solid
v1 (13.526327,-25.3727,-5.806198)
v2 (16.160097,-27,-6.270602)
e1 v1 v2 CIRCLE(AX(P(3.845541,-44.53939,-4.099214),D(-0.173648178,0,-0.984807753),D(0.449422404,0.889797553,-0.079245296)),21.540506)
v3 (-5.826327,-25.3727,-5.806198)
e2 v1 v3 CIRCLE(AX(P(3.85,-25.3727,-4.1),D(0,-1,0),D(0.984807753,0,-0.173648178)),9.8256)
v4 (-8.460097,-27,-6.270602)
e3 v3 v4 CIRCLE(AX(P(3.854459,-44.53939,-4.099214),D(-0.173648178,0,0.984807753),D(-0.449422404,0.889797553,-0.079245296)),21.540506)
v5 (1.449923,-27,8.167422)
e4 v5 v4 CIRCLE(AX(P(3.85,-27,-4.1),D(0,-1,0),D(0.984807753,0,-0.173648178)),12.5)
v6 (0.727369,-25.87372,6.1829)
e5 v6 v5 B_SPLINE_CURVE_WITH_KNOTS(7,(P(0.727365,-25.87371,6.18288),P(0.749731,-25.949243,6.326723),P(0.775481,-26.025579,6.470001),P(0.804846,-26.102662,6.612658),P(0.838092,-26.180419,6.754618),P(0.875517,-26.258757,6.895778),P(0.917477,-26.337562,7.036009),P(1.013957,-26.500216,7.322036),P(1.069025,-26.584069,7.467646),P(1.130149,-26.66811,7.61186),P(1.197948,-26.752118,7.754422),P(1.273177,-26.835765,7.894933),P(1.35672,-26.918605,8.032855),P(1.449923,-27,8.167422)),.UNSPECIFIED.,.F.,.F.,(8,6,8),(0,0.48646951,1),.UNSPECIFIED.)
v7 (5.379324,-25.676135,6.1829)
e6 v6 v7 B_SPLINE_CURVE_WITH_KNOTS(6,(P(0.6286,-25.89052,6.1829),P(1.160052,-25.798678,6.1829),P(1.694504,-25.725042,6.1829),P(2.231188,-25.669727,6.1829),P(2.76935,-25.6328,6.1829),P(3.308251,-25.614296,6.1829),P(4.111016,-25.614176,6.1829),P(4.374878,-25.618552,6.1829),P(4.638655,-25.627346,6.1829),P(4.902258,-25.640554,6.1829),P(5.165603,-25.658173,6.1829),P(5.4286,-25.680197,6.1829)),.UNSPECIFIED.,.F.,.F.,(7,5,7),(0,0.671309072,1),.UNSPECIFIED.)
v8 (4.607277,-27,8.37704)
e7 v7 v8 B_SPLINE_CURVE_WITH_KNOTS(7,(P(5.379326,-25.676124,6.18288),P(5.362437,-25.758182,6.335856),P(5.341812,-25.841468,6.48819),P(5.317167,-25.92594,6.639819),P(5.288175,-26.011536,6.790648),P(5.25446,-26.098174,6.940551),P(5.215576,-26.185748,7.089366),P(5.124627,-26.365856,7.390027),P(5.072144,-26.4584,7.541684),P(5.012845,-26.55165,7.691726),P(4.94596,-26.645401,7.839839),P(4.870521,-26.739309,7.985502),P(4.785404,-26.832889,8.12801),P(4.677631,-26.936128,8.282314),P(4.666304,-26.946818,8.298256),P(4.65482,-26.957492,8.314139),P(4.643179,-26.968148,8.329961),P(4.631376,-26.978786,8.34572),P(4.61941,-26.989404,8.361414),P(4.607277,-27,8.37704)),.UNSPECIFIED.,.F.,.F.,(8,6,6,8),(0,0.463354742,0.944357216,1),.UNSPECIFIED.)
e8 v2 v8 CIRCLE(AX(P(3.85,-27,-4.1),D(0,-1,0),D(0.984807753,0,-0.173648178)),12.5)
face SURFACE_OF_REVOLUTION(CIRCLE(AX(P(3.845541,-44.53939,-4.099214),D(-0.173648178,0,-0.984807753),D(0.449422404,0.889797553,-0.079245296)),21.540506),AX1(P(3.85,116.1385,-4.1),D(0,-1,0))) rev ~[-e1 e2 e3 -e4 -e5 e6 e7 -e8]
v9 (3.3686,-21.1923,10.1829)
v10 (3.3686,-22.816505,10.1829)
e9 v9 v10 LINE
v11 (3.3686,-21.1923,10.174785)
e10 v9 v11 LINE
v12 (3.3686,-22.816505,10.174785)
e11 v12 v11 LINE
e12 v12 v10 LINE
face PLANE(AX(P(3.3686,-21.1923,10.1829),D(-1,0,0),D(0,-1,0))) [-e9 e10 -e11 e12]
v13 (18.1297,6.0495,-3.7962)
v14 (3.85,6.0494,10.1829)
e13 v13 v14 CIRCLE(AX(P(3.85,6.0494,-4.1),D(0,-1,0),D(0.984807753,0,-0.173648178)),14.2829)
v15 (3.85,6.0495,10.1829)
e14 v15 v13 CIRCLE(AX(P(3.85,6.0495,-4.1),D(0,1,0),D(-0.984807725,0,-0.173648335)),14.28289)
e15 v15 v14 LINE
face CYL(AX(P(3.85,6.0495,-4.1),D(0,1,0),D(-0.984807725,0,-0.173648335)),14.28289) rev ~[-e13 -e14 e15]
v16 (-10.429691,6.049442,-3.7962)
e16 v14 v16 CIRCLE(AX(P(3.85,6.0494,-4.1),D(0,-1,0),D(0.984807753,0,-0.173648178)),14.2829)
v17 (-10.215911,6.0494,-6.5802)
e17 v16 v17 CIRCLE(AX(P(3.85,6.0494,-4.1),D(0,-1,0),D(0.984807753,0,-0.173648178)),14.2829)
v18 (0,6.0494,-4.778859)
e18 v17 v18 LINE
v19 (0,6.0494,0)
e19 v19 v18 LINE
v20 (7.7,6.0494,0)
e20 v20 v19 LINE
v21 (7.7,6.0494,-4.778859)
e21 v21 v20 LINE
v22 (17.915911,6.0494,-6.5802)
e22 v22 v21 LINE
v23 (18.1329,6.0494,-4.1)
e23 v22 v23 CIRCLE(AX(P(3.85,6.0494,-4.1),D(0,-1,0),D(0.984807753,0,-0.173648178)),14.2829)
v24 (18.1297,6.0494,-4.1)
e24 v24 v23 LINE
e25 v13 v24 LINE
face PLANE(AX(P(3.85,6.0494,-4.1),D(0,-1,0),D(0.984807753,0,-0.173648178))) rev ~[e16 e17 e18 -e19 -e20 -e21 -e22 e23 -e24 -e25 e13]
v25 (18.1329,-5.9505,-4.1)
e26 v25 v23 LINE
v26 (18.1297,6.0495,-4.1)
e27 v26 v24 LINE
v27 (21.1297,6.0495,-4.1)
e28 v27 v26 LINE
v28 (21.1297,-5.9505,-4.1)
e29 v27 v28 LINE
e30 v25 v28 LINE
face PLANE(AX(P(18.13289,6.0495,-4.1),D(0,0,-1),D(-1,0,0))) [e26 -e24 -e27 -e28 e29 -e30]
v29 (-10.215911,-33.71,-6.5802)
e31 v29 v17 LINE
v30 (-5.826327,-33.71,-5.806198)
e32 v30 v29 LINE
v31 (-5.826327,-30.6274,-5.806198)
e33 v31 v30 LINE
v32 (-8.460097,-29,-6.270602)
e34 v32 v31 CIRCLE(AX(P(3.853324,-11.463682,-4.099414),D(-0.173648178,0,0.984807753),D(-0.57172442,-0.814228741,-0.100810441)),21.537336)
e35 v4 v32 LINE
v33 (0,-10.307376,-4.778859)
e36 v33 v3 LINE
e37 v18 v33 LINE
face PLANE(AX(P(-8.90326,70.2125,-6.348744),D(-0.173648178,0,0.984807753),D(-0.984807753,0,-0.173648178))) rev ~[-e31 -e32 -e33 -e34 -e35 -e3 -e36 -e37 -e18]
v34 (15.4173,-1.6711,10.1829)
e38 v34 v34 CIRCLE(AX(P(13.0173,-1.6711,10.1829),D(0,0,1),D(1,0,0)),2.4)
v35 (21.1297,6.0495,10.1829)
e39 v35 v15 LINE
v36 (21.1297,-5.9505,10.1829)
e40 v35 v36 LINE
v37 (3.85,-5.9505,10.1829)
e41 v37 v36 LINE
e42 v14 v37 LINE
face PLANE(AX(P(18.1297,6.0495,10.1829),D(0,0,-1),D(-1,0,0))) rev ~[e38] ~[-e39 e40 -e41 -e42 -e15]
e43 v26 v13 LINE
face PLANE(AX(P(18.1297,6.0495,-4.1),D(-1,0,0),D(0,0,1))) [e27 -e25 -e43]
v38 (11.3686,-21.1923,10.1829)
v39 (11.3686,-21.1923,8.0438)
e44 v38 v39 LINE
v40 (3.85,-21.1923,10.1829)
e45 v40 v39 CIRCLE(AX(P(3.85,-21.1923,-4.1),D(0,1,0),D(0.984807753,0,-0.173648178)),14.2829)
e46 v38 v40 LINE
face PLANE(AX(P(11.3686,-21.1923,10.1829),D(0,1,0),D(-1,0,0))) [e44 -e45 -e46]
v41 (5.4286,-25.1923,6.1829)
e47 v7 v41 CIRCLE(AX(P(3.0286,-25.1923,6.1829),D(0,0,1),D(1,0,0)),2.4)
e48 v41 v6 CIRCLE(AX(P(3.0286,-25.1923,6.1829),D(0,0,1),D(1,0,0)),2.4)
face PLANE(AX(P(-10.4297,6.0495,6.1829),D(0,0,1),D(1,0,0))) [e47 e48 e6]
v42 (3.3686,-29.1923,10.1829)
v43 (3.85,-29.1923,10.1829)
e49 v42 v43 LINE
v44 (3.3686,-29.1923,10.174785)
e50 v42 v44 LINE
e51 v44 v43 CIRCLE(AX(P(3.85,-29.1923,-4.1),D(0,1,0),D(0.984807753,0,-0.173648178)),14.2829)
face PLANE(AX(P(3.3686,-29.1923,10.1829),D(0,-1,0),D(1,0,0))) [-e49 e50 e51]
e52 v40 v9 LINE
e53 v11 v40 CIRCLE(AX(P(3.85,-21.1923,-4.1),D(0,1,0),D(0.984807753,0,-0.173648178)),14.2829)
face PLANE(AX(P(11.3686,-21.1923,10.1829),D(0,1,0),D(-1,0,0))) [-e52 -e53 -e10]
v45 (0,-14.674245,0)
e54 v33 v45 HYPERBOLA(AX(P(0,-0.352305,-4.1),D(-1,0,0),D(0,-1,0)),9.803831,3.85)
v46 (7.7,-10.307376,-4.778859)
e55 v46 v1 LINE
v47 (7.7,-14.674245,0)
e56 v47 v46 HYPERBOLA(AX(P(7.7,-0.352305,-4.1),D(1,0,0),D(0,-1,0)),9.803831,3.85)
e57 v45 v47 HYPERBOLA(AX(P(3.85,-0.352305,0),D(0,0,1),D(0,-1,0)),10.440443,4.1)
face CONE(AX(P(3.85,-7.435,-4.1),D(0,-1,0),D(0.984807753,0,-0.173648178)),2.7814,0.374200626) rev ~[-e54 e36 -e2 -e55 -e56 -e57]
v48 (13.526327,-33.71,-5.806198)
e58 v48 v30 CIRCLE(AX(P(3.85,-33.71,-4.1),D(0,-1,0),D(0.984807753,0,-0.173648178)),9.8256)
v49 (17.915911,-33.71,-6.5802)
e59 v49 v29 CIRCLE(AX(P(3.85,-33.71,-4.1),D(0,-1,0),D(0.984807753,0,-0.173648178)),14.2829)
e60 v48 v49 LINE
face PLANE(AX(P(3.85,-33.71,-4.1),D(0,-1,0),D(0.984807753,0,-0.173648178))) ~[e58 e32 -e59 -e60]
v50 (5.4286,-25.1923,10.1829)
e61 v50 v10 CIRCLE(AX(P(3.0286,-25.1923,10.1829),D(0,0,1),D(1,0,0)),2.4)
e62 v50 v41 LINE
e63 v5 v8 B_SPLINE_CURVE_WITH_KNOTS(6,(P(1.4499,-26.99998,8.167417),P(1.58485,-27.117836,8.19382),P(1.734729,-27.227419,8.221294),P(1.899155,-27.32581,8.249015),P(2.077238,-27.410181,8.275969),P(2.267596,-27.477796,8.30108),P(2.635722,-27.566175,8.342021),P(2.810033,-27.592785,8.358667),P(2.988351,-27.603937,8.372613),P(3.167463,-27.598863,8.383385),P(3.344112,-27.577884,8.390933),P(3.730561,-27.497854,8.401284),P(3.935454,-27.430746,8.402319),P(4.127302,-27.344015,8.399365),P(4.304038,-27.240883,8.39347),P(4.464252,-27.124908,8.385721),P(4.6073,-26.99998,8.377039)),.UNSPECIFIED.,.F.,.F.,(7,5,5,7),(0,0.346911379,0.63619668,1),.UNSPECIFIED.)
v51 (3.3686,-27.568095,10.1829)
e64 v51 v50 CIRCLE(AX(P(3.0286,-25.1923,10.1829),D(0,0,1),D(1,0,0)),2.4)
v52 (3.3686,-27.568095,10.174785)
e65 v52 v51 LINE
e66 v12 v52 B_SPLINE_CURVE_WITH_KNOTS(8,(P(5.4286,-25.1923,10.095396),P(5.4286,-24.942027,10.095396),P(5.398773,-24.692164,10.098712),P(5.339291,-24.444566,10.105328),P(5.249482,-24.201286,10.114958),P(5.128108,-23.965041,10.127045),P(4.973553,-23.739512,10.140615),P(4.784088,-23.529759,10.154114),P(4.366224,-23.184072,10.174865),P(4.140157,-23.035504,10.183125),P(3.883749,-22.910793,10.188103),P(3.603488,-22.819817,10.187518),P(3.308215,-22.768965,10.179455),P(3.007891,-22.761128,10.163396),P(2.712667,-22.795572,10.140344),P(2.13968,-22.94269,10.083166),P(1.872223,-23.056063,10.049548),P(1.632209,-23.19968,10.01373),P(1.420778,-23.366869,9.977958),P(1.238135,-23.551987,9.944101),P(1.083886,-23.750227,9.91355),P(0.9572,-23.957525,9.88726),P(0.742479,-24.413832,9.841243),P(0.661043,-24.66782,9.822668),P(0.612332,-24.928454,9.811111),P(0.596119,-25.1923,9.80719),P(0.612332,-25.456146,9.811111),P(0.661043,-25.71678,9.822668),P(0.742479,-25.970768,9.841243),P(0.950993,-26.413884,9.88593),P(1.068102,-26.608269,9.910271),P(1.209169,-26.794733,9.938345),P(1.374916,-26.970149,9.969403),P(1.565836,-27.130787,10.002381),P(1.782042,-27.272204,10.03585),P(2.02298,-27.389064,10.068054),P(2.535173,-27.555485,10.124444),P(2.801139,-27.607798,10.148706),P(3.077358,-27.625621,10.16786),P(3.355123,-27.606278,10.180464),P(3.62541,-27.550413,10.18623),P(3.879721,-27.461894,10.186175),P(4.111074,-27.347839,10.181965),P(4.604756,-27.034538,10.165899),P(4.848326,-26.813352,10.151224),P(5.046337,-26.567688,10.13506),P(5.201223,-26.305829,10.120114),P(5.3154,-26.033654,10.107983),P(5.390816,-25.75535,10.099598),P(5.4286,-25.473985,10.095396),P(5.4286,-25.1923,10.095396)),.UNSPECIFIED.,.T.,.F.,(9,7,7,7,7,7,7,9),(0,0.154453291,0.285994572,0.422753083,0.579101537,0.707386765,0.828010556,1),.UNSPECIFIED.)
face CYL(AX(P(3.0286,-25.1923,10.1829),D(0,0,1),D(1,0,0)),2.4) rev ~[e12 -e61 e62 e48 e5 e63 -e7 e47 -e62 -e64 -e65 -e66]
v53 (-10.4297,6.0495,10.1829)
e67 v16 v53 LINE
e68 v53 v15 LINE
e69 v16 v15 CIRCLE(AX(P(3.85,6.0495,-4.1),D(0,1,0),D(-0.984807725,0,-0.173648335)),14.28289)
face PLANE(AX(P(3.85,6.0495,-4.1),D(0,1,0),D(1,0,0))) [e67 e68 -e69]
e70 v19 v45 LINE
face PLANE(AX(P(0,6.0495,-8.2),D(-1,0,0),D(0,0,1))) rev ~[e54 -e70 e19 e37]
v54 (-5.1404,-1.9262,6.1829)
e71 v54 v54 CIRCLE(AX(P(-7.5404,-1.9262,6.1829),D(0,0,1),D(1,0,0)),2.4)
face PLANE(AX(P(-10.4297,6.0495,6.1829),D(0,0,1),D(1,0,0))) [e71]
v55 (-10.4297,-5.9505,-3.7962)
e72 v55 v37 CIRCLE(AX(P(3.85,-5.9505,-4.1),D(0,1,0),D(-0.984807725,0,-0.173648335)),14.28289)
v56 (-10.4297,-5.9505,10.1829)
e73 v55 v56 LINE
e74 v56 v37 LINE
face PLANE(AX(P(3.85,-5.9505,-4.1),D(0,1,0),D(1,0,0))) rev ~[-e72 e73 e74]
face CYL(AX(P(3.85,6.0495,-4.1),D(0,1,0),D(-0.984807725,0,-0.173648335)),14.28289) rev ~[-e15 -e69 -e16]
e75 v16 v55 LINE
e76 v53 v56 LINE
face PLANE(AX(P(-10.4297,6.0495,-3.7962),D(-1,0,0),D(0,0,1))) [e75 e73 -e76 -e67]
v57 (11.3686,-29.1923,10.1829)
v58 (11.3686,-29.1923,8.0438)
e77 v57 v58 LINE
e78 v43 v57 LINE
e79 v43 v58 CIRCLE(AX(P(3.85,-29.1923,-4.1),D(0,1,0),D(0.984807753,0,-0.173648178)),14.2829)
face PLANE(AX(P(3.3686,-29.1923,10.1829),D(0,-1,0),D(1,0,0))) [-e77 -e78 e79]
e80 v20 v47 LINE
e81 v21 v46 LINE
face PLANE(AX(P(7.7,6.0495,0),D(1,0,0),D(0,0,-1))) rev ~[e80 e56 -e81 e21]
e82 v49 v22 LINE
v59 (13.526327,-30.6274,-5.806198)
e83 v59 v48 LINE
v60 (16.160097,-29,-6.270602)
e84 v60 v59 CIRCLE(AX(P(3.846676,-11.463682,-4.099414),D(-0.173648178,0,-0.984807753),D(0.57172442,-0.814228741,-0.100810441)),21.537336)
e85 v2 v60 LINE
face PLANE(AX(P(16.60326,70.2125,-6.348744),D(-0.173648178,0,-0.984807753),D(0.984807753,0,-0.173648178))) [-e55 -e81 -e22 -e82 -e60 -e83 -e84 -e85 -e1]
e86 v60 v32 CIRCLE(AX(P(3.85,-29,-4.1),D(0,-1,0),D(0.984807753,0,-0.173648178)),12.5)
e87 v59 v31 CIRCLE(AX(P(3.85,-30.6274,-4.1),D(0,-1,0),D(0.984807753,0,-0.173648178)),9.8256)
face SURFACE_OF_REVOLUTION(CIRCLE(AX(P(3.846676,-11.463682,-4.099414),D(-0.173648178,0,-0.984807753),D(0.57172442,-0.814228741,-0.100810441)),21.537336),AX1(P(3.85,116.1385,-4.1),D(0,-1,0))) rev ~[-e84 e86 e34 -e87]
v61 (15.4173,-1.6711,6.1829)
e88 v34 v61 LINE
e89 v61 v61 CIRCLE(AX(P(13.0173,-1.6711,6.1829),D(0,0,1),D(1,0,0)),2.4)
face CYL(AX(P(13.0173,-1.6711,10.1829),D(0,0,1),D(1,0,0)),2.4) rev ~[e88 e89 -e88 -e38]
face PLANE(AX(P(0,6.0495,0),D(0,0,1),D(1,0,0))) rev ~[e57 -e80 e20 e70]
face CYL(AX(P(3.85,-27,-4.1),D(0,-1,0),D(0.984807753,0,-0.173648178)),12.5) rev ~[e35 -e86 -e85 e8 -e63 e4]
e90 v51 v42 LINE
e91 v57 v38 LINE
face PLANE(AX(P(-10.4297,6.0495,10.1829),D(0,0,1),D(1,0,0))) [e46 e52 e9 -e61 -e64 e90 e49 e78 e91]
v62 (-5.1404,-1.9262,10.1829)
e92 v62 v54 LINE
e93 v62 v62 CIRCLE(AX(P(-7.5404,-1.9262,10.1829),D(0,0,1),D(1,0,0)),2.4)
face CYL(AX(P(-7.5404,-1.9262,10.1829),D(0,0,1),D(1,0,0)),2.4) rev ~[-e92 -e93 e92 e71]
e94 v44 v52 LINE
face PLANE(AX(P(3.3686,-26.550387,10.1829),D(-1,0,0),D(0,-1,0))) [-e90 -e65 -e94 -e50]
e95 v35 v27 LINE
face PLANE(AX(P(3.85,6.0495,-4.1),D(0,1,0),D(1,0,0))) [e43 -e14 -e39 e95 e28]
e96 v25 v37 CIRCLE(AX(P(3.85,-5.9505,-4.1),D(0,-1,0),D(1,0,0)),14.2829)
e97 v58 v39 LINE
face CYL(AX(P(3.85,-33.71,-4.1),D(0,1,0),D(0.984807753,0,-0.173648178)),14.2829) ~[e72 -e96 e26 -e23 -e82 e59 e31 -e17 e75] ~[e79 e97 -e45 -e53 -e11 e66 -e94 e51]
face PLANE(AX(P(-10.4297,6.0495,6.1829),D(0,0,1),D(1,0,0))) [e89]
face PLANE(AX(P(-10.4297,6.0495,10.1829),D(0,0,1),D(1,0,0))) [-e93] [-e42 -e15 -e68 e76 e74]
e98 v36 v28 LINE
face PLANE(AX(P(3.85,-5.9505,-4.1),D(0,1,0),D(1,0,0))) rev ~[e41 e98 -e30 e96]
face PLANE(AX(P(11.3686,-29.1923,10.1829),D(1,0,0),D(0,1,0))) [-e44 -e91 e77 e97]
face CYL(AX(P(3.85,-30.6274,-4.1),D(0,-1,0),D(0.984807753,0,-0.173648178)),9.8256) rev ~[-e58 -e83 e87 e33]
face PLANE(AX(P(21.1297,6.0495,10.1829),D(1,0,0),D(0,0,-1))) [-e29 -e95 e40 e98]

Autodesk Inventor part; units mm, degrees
ref_plane "YZ Plane" through (0, 0, 0) normal (1, 0, 0) x (0, 1, 0)
ref_plane "XZ Plane" through (0, 0, 0) normal (0, 1, 0) x (-1, 0, 0)
ref_plane "XY Plane" through (0, 0, 0) normal (0, 0, 1) x (1, 0, 0)
ref_plane "Work Plane1" through (3.85, 70.2125, 8.85) normal (1, 0, 0) x (0, 0, 1)
sketch "Sketch1" plane through (3.85, 70.2125, 8.85) normal (1, 0, 0) x (0, 0, 1)
  line L0 (-8.85, 70.2125) -> (-17.05, 70.2125) construction
  line L1 (-17.05, 70.2125) -> (-17.05, 65.2125) construction
  line L2 (-8.85, 65.2125) -> (-17.05, 65.2125) construction
  line L3 (-8.85, 70.2125) -> (-8.85, 65.2125) construction
  arc A0 (-25.45, 97.2125) -> (-0.45, 97.2125) centre (-12.95, 114.7438) ccw construction
  arc A1 (-0.45, 99.2125) -> (-25.45, 99.2125) centre (-12.95, 81.6813) ccw construction
  line L4 (-0.45, 99.2125) -> (-0.45, 97.2125) construction
  line L5 (-25.45, 99.2125) -> (-25.45, 97.2125) construction
  line L6 (-12.95, -45.926) -> (-12.95, 188.756) construction
  line L7 (-10.1686, 64.1631) -> (-10.1686, 77.6475)
  line L8 (-10.1686, 77.6475) -> (-3.1244, 95.5852)
  line L9 (-3.1244, 100.8399) -> (-3.1244, 103.9225)
  line L10 (-3.1244, 103.9225) -> (1.3329, 103.9225)
  line L11 (1.3329, 103.9225) -> (1.3329, 64.1631)
  line L12 (1.3329, 64.1631) -> (-10.1686, 64.1631)
  arc A2 (-3.1244, 95.5852) -> (-0.45, 97.2125) centre (-12.95, 114.7438) ccw
  arc A3 (-0.45, 99.2125) -> (-3.1244, 100.8399) centre (-12.95, 81.6813) ccw
  line L13 (-0.45, 97.2125) -> (-0.45, 99.2125)
revolve "Revolution1" add sketch "Sketch1" angle 200 mid plane about axis through (3.85, 116.1385, -4.1) along (0, -1, 0)
sketch "Sketch2" plane through (3.85, 6.0495, -4.1) normal (0, 1, 0) x (1, 0, 0)
  circle A0 centre (0, 0) radius 2.8472 projected
  line L0 (-3.85, -4.1) -> (3.85, -4.1) projected
  line L1 (3.85, -4.1) -> (3.85, 4.1) projected
  line L2 (3.85, 4.1) -> (-3.85, 4.1) projected
  line L3 (-3.85, 4.1) -> (-3.85, -4.1) projected
  line L4 (-3.55, -3.8) -> (3.55, -3.8)
  line L5 (3.55, -3.8) -> (3.55, 3.8)
  line L6 (3.55, 3.8) -> (-3.55, 3.8)
  line L7 (-3.55, 3.8) -> (-3.55, -3.8)
  dimension "d1" = 0.3
extrude "Extrusion1" cut sketch "Sketch2" against normal through all contours A0 | L3 L2 L1 L0 | L7 L6 L5 L4
sketch "Sketch3" plane through (3.85, 6.0495, -4.1) normal (0, 1, 0) x (1, 0, 0)
  arc A0 (-14.0659, 2.4802) -> (14.0659, 2.4802) centre (0, 0) ccw projected
  line L0 (-14.2797, -0.3038) -> (-14.2797, -14.2829)
  line L1 (-14.2797, -0.3038) -> (-0.3006, -0.3038) construction
  line L2 (-14.2797, -14.2829) -> (0, -14.2829)
  line L3 (14.2797, -0.3038) -> (14.2797, -14.2829)
  line L4 (14.2797, -14.2829) -> (0, -14.2829)
  line L5 (14.2797, -14.2829) -> (17.2797, -14.2829)
  line L6 (17.2797, -14.2829) -> (17.2797, 0)
  line L7 (17.2797, 0) -> (14.2797, 0)
  line L8 (14.2797, 0) -> (14.2797, -14.2829)
  point P0 (-3.85, -4.1)
  dimension "d4" = 90
  dimension "d11" = 3
extrude "Extrusion2" add sketch "Sketch3" against normal blind 12
sketch "Sketch6" plane through (-10.4297, 6.0495, 10.1829) normal (0, 0, 1) x (1, 0, 0)
  line L0 (13.7983, -35.2418) -> (21.7983, -35.2418)
  line L1 (21.7983, -35.2418) -> (21.7983, -27.2418)
  line L2 (21.7983, -27.2418) -> (13.7983, -27.2418)
  line L3 (13.7983, -27.2418) -> (13.7983, -35.2418)
  line L4 (13.7983, -35.2418) -> (21.7983, -27.2418)
  line L5 (21.7983, -35.2418) -> (13.7983, -27.2418)
  circle A0 centre (13.4583, -31.2418) radius 1.4 projected
  point P0 (10.4297, -6.0495)
  point P1 (17.7983, -31.2418)
  dimension "d12" = 8
  dimension "d13" = 8
extrude "Extrusion3" add sketch "Sketch6" against normal up to surface
sketch "Sketch7" plane through (-10.4297, 6.0495, 10.1829) normal (0, 0, 1) x (1, 0, 0)
  circle A0 centre (23.447, -7.7206) radius 1.4 construction
  circle A1 centre (2.8893, -7.9757) radius 1.4 construction
  circle A2 centre (13.4583, -31.2418) radius 1.4 construction
  circle A3 centre (13.4583, -31.2418) radius 2.4
  circle A4 centre (23.447, -7.7206) radius 2.4
  circle A5 centre (2.8893, -7.9757) radius 2.4
  point P0 (10.4297, -6.0495)
  dimension "d16" = 4.8
  dimension "d17" = 4.8
  dimension "d18" = 4.8
extrude "Extrusion4" cut sketch "Sketch7" against normal blind 4
properties part number "30_CUBE_OpenSIM_Beamexpander_v2"
